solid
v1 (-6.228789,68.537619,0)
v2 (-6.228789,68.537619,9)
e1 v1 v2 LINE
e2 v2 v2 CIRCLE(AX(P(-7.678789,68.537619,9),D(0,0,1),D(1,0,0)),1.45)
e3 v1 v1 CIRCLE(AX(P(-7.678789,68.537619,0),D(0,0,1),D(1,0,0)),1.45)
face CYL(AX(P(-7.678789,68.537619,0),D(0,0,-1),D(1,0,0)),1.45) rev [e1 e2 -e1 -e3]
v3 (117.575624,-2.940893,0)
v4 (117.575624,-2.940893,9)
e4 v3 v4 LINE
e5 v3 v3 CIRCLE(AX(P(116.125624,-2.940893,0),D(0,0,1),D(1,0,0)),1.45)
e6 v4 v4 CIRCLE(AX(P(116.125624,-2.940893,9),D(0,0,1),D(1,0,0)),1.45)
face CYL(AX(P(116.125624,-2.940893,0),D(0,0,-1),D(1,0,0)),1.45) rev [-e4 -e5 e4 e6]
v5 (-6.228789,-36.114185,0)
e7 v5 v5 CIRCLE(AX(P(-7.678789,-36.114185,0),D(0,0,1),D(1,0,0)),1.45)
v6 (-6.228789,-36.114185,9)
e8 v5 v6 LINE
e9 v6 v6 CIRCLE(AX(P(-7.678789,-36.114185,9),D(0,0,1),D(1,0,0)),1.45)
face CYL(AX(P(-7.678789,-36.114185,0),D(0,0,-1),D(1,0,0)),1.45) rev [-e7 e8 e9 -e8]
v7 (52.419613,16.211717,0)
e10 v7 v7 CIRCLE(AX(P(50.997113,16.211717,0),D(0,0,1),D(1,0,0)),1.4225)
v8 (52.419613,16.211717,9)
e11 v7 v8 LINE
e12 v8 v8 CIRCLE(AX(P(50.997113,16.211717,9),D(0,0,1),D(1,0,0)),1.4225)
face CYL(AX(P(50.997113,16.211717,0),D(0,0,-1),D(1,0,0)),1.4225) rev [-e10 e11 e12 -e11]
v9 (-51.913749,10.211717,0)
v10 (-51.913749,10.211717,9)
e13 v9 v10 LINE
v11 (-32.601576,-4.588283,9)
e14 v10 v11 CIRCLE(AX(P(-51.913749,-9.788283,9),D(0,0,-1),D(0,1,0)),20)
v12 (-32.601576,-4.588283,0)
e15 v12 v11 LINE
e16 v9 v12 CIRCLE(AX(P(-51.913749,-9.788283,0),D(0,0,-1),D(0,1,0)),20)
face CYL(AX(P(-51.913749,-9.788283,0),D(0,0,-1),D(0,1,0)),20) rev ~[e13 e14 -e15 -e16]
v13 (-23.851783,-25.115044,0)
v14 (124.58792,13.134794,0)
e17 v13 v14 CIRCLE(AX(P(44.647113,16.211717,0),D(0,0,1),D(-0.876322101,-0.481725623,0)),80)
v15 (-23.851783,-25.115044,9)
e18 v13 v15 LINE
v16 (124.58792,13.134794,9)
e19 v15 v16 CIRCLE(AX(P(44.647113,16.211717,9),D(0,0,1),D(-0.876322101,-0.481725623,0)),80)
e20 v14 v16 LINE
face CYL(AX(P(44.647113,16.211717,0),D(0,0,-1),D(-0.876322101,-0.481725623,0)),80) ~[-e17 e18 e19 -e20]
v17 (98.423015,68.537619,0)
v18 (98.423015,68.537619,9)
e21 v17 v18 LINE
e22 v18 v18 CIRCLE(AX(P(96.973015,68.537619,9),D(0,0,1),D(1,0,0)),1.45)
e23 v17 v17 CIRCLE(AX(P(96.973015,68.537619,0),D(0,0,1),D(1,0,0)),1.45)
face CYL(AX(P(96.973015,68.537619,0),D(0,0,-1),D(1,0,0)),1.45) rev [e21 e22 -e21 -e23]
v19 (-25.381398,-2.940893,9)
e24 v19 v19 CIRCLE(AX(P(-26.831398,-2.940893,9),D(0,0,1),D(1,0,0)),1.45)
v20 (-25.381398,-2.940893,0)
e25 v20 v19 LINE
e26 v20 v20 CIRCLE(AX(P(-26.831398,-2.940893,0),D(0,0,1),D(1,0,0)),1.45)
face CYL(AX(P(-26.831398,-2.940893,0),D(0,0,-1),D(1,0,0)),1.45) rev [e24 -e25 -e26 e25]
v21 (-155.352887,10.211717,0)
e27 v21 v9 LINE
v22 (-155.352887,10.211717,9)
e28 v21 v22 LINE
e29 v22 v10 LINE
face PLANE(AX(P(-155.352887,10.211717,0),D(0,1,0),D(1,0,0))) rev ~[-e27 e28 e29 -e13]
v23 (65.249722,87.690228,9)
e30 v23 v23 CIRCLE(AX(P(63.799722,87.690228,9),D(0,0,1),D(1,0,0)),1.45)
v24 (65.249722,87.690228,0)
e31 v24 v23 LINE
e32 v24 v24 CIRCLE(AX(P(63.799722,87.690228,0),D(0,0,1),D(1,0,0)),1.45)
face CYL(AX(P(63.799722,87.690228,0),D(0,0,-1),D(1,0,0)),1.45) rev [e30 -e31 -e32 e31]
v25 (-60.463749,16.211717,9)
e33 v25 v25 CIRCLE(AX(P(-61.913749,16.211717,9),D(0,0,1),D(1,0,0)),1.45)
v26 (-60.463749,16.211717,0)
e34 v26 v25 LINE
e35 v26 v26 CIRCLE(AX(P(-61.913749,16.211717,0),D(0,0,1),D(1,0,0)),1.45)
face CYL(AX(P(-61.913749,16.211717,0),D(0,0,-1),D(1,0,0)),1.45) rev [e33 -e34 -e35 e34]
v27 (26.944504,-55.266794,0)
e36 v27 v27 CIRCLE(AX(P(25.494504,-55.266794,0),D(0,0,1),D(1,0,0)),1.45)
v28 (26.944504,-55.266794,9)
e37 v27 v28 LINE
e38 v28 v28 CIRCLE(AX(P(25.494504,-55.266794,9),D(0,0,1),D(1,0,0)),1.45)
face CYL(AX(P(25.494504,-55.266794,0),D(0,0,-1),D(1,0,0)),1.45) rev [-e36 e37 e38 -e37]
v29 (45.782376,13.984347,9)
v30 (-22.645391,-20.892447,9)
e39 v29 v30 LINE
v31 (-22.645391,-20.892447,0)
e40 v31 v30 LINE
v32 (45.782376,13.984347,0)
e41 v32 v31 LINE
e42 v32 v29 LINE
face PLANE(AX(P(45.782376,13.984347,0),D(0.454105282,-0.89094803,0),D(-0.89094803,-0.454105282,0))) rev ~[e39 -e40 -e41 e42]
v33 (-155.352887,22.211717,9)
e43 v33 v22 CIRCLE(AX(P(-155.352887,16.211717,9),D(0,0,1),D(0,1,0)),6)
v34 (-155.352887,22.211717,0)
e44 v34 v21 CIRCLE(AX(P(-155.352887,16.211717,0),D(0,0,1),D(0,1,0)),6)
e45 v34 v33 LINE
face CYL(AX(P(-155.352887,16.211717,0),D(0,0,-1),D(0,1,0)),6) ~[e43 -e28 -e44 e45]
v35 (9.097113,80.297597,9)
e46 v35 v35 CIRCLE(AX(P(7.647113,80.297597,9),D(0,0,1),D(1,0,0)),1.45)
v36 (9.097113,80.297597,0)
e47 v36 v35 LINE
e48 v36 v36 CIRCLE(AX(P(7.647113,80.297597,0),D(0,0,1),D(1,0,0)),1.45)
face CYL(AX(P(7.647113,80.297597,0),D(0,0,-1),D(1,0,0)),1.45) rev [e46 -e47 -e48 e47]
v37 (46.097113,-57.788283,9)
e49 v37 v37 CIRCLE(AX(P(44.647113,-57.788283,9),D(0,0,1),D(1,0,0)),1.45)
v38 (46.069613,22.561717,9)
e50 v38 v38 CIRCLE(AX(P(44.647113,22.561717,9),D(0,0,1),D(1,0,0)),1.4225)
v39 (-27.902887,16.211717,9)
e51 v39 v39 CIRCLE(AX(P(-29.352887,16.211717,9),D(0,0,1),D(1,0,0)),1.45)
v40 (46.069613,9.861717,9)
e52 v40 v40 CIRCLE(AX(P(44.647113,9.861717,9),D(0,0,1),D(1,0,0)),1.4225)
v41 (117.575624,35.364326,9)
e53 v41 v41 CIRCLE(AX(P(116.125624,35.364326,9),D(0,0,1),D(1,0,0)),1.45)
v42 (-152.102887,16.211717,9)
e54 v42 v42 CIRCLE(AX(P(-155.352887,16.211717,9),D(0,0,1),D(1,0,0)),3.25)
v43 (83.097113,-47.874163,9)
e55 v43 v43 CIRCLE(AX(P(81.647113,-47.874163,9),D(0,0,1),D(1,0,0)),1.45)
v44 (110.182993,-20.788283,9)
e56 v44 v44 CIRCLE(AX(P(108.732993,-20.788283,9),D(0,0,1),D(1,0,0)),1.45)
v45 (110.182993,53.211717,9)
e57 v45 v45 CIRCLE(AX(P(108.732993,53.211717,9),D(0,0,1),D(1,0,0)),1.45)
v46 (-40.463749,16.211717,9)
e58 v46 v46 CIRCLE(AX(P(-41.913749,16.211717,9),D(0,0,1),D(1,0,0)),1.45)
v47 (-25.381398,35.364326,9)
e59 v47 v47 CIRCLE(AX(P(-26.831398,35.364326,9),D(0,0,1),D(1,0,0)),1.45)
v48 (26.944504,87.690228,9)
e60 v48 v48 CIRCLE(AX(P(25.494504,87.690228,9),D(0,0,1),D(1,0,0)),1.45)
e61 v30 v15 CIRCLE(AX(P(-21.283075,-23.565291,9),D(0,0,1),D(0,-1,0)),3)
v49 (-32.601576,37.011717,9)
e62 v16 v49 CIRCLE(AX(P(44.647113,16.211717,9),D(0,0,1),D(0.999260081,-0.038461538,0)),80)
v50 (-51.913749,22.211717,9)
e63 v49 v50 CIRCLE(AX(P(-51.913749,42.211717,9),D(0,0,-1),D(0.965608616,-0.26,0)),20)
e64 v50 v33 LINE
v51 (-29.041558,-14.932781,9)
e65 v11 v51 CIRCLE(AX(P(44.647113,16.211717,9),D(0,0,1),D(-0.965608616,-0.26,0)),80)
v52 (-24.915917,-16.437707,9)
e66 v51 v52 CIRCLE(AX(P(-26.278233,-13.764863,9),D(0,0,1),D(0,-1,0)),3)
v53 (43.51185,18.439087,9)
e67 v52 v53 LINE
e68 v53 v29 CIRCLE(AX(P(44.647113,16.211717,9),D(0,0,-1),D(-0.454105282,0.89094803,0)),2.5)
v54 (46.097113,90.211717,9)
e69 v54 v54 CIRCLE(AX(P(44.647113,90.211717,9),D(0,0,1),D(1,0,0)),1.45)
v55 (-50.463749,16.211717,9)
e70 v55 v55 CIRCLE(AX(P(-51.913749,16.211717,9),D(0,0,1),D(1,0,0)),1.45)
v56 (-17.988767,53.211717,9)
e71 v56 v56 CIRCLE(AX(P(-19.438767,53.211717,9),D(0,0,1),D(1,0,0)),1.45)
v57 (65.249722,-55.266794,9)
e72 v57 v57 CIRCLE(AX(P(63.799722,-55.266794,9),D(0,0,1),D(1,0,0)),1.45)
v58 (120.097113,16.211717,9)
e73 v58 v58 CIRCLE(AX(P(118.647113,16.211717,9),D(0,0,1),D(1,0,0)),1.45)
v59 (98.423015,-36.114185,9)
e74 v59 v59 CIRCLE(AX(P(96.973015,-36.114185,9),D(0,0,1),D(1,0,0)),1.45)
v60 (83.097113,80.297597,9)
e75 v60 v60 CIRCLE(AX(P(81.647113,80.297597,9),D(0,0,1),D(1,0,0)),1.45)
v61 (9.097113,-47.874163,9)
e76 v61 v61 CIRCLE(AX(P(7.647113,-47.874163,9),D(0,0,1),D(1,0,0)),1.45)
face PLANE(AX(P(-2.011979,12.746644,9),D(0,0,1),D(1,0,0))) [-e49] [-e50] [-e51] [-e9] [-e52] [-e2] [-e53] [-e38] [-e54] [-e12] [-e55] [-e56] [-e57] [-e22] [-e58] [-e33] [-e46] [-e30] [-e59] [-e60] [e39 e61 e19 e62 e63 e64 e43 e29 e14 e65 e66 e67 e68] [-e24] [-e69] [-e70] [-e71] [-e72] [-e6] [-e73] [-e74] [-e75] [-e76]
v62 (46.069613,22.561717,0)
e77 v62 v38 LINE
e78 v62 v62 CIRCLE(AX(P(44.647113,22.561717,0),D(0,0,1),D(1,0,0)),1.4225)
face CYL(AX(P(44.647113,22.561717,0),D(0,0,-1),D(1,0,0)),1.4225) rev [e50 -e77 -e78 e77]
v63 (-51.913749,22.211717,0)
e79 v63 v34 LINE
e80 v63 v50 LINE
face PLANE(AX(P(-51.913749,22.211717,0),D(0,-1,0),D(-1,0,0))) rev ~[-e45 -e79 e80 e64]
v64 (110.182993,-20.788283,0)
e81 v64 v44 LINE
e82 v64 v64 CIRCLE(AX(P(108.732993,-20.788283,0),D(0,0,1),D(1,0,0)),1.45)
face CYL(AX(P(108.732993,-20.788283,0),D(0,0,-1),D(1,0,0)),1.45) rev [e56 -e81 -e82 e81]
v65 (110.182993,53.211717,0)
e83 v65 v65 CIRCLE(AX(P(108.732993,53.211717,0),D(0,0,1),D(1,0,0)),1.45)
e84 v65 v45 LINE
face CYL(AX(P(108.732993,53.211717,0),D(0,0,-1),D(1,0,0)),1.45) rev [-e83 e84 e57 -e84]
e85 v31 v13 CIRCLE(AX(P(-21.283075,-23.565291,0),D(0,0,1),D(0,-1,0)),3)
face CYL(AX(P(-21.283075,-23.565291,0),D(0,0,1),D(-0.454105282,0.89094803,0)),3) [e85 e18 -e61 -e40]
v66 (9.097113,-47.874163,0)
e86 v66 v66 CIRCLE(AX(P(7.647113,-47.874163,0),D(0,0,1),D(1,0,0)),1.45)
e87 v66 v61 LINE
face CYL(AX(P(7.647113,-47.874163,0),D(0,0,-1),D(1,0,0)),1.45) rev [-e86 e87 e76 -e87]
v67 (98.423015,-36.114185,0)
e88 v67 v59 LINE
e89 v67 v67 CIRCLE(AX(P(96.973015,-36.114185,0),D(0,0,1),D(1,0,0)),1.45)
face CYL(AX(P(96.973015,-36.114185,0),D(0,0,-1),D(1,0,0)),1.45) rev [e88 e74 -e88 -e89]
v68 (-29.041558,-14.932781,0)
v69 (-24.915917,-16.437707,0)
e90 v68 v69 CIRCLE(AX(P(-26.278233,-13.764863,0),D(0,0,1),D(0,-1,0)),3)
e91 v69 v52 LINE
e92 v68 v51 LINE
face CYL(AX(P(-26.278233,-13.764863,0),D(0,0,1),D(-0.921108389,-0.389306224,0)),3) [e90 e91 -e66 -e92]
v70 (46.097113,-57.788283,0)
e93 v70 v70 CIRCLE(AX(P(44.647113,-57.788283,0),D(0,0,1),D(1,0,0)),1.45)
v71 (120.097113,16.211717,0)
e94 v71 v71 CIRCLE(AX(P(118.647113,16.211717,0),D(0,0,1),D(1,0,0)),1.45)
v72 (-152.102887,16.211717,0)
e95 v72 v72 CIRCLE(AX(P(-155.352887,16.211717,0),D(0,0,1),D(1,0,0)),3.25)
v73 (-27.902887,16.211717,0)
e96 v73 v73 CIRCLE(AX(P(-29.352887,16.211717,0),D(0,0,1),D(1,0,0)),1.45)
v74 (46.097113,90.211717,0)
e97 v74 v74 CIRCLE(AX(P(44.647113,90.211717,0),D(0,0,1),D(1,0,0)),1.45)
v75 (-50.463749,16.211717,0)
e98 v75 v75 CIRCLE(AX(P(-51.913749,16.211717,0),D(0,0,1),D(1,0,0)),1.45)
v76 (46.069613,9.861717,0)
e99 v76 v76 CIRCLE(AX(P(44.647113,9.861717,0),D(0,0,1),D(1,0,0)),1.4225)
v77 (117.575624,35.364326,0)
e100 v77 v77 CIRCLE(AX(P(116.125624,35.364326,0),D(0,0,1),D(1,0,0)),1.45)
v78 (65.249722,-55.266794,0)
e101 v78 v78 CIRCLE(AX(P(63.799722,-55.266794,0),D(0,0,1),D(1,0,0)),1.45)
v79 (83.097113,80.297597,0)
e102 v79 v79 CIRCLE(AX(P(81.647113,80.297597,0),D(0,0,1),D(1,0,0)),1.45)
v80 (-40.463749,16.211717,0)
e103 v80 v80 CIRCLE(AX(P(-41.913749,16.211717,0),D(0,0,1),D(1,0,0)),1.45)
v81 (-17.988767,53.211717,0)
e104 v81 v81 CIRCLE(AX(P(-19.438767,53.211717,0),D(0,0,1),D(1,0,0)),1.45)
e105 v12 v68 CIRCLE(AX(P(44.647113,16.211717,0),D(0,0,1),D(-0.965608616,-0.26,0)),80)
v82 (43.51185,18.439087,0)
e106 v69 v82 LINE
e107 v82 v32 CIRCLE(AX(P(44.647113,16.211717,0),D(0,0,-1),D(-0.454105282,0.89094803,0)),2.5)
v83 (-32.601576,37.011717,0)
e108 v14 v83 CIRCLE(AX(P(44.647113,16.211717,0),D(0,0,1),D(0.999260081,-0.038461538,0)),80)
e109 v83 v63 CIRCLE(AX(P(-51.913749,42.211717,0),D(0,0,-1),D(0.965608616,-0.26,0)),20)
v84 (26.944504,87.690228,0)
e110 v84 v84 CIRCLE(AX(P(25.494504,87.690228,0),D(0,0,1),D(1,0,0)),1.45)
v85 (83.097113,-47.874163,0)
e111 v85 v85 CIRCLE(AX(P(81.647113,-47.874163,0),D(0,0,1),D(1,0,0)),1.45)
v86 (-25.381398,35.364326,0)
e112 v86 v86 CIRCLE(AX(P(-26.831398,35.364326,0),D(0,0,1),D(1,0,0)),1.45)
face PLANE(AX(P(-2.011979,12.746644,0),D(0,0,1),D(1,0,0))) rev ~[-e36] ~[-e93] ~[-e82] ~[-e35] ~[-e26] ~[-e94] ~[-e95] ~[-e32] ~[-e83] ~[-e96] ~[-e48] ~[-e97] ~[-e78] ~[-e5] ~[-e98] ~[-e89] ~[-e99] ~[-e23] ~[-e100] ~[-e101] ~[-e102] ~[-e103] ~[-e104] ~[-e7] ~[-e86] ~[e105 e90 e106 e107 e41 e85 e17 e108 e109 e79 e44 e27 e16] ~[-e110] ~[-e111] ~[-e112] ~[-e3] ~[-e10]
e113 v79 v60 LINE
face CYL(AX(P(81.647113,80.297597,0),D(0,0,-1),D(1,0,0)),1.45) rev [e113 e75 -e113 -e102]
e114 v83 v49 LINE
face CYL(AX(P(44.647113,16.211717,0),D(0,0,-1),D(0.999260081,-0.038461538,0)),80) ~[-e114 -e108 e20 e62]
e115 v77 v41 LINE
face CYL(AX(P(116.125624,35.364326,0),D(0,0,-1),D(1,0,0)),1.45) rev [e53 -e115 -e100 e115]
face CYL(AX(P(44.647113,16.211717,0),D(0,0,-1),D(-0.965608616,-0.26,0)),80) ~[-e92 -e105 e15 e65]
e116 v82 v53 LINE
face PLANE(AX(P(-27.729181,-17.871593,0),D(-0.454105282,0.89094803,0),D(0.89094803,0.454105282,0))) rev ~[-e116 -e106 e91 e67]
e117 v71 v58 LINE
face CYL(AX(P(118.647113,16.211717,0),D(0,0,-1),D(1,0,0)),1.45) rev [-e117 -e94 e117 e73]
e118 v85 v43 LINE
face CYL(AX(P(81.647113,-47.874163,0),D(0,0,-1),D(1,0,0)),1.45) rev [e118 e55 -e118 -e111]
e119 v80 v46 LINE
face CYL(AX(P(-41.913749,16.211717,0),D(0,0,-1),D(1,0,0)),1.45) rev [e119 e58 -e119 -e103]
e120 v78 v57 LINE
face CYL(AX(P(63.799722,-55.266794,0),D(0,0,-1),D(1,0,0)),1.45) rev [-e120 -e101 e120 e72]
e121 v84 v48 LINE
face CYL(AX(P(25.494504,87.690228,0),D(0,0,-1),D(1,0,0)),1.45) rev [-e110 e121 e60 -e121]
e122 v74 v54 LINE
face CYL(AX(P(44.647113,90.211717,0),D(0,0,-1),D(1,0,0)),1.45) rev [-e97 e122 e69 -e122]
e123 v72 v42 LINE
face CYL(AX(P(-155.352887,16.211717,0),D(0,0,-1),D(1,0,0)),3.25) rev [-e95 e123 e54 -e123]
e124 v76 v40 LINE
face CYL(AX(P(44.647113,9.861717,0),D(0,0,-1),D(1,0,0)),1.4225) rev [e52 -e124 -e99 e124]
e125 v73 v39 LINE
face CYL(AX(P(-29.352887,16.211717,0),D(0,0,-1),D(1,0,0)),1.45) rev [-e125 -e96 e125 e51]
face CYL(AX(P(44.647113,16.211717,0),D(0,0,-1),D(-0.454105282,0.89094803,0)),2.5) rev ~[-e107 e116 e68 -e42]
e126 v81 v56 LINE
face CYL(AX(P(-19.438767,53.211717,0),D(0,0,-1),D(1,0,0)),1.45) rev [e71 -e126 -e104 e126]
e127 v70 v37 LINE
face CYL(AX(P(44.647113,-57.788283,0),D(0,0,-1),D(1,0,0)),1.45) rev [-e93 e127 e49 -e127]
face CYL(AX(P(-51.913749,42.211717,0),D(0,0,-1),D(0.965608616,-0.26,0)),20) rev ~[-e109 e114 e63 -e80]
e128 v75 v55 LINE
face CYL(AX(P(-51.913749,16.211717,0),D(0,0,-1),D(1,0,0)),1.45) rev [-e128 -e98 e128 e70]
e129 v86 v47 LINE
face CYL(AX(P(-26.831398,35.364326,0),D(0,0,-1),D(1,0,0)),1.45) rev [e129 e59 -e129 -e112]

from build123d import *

# Parameters (mm, degrees)
SKETCH1_R           = 1.4225
SKETCH1_R_2         = 1.450000001
SKETCH1_R_3         = 3.250000001
SKETCH1_R_4         = 1.45
BOSS_EXTRUDE2_DEPTH = 9
FILLET1_R           = 3
FILLET2_R           = 3


with BuildPart() as part:
    # Sketch1 → Boss-Extrude2 (new body)
    with BuildSketch(Plane.XY):
        with BuildLine():
            Line((-155.352886895, 10.211716756), (-51.913748531, 10.211716756))
            ThreePointArc((-51.913748531, 10.211716756), (-39.74822347, 6.086224622), (-32.601576204, -4.588283244))
            ThreePointArc((-32.601576204, -4.588283244), (-30.459614432, -11.337865429), (-27.729181359, -17.871592937))
            Line((-27.729181359, -17.871592937), (43.5118499, 18.439086832))
            ThreePointArc((43.5118499, 18.439086832), (46.874483182, 17.346979962), (45.782376313, 13.98434668))
            Line((45.782376313, 13.98434668), (-25.458654946, -22.326333089))
            ThreePointArc((-25.458654946, -22.326333089), (63.046973792, -61.643566474), (124.587919611, 13.13479368))
            ThreePointArc((124.587919611, 13.13479368), (56.661218885, 95.304455124), (-32.601576204, 37.011716756))
            ThreePointArc((-32.601576204, 37.011716756), (-39.74822347, 26.33720889), (-51.913748531, 22.211716756))
            Line((-51.913748531, 22.211716756), (-155.352886895, 22.211716756))
            ThreePointArc((-155.352886895, 22.211716756), (-161.352886895, 16.211716756), (-155.352886895, 10.211716756))
        make_face()
        with Locations((44.647113106, 22.561716756)):
            Circle(SKETCH1_R, mode=Mode.SUBTRACT)
        with Locations((-26.831398039, -2.940892579)):
            Circle(SKETCH1_R_2, mode=Mode.SUBTRACT)
        with Locations((-155.352886895, 16.211716756)):
            Circle(SKETCH1_R_3, mode=Mode.SUBTRACT)
        with Locations((-26.831398039, 35.364326096)):
            Circle(SKETCH1_R_2, mode=Mode.SUBTRACT)
        with Locations((-19.438766774, 53.211716759)):
            Circle(SKETCH1_R_2, mode=Mode.SUBTRACT)
        with Locations((-29.352886893, 16.211716758)):
            Circle(SKETCH1_R_2, mode=Mode.SUBTRACT)
        with Locations((-51.913748531, 16.211716758)):
            Circle(SKETCH1_R_4, mode=Mode.SUBTRACT)
        with Locations((-41.913748531, 16.211716758)):
            Circle(SKETCH1_R_4, mode=Mode.SUBTRACT)
        with Locations((-61.913748531, 16.211716758)):
            Circle(SKETCH1_R_4, mode=Mode.SUBTRACT)
        with Locations((50.997113106, 16.211716756)):
            Circle(SKETCH1_R, mode=Mode.SUBTRACT)
        with Locations((44.647113106, 9.861716756)):
            Circle(SKETCH1_R, mode=Mode.SUBTRACT)
        with Locations((116.125624253, -2.940892579)):
            Circle(SKETCH1_R_2, mode=Mode.SUBTRACT)
        with Locations((108.732992988, -20.788283242)):
            Circle(SKETCH1_R_2, mode=Mode.SUBTRACT)
        with Locations((96.973014915, -36.114185049)):
            Circle(SKETCH1_R_2, mode=Mode.SUBTRACT)
        with Locations((81.647113106, -47.874163121)):
            Circle(SKETCH1_R_2, mode=Mode.SUBTRACT)
        with Locations((63.799722443, -55.266794386)):
            Circle(SKETCH1_R_2, mode=Mode.SUBTRACT)
        with Locations((44.647113106, -57.788283242)):
            Circle(SKETCH1_R_2, mode=Mode.SUBTRACT)
        with Locations((25.494503768, -55.266794386)):
            Circle(SKETCH1_R_2, mode=Mode.SUBTRACT)
        with Locations((7.647113108, -47.874163121)):
            Circle(SKETCH1_R_2, mode=Mode.SUBTRACT)
        with Locations((-7.678788702, -36.114185049)):
            Circle(SKETCH1_R_2, mode=Mode.SUBTRACT)
        with Locations((-7.678788702, 68.537618566)):
            Circle(SKETCH1_R_2, mode=Mode.SUBTRACT)
        with Locations((7.647113108, 80.297596638)):
            Circle(SKETCH1_R_2, mode=Mode.SUBTRACT)
        with Locations((25.494503768, 87.690227903)):
            Circle(SKETCH1_R_2, mode=Mode.SUBTRACT)
        with Locations((44.647113106, 90.211716759)):
            Circle(SKETCH1_R_2, mode=Mode.SUBTRACT)
        with Locations((63.799722443, 87.690227903)):
            Circle(SKETCH1_R_2, mode=Mode.SUBTRACT)
        with Locations((81.647113106, 80.297596638)):
            Circle(SKETCH1_R_2, mode=Mode.SUBTRACT)
        with Locations((96.973014915, 68.537618566)):
            Circle(SKETCH1_R_2, mode=Mode.SUBTRACT)
        with Locations((108.732992988, 53.211716759)):
            Circle(SKETCH1_R_2, mode=Mode.SUBTRACT)
        with Locations((116.125624253, 35.364326096)):
            Circle(SKETCH1_R_2, mode=Mode.SUBTRACT)
        with Locations((118.647113104, 16.211716758)):
            Circle(SKETCH1_R_2, mode=Mode.SUBTRACT)
    extrude(amount=BOSS_EXTRUDE2_DEPTH)

    # Fillet1
    fillet1_edges = [part.edges().sort_by_distance(p)[0] for p in [
        (-27.729181359, -17.871592937, 4.5),
    ]]
    fillet(fillet1_edges, radius=FILLET1_R)

    # Fillet2
    fillet2_edges = [part.edges().sort_by_distance(p)[0] for p in [
        (-25.458654946, -22.326333089, 4.5),
    ]]
    fillet(fillet2_edges, radius=FILLET2_R)


solid = part.part
